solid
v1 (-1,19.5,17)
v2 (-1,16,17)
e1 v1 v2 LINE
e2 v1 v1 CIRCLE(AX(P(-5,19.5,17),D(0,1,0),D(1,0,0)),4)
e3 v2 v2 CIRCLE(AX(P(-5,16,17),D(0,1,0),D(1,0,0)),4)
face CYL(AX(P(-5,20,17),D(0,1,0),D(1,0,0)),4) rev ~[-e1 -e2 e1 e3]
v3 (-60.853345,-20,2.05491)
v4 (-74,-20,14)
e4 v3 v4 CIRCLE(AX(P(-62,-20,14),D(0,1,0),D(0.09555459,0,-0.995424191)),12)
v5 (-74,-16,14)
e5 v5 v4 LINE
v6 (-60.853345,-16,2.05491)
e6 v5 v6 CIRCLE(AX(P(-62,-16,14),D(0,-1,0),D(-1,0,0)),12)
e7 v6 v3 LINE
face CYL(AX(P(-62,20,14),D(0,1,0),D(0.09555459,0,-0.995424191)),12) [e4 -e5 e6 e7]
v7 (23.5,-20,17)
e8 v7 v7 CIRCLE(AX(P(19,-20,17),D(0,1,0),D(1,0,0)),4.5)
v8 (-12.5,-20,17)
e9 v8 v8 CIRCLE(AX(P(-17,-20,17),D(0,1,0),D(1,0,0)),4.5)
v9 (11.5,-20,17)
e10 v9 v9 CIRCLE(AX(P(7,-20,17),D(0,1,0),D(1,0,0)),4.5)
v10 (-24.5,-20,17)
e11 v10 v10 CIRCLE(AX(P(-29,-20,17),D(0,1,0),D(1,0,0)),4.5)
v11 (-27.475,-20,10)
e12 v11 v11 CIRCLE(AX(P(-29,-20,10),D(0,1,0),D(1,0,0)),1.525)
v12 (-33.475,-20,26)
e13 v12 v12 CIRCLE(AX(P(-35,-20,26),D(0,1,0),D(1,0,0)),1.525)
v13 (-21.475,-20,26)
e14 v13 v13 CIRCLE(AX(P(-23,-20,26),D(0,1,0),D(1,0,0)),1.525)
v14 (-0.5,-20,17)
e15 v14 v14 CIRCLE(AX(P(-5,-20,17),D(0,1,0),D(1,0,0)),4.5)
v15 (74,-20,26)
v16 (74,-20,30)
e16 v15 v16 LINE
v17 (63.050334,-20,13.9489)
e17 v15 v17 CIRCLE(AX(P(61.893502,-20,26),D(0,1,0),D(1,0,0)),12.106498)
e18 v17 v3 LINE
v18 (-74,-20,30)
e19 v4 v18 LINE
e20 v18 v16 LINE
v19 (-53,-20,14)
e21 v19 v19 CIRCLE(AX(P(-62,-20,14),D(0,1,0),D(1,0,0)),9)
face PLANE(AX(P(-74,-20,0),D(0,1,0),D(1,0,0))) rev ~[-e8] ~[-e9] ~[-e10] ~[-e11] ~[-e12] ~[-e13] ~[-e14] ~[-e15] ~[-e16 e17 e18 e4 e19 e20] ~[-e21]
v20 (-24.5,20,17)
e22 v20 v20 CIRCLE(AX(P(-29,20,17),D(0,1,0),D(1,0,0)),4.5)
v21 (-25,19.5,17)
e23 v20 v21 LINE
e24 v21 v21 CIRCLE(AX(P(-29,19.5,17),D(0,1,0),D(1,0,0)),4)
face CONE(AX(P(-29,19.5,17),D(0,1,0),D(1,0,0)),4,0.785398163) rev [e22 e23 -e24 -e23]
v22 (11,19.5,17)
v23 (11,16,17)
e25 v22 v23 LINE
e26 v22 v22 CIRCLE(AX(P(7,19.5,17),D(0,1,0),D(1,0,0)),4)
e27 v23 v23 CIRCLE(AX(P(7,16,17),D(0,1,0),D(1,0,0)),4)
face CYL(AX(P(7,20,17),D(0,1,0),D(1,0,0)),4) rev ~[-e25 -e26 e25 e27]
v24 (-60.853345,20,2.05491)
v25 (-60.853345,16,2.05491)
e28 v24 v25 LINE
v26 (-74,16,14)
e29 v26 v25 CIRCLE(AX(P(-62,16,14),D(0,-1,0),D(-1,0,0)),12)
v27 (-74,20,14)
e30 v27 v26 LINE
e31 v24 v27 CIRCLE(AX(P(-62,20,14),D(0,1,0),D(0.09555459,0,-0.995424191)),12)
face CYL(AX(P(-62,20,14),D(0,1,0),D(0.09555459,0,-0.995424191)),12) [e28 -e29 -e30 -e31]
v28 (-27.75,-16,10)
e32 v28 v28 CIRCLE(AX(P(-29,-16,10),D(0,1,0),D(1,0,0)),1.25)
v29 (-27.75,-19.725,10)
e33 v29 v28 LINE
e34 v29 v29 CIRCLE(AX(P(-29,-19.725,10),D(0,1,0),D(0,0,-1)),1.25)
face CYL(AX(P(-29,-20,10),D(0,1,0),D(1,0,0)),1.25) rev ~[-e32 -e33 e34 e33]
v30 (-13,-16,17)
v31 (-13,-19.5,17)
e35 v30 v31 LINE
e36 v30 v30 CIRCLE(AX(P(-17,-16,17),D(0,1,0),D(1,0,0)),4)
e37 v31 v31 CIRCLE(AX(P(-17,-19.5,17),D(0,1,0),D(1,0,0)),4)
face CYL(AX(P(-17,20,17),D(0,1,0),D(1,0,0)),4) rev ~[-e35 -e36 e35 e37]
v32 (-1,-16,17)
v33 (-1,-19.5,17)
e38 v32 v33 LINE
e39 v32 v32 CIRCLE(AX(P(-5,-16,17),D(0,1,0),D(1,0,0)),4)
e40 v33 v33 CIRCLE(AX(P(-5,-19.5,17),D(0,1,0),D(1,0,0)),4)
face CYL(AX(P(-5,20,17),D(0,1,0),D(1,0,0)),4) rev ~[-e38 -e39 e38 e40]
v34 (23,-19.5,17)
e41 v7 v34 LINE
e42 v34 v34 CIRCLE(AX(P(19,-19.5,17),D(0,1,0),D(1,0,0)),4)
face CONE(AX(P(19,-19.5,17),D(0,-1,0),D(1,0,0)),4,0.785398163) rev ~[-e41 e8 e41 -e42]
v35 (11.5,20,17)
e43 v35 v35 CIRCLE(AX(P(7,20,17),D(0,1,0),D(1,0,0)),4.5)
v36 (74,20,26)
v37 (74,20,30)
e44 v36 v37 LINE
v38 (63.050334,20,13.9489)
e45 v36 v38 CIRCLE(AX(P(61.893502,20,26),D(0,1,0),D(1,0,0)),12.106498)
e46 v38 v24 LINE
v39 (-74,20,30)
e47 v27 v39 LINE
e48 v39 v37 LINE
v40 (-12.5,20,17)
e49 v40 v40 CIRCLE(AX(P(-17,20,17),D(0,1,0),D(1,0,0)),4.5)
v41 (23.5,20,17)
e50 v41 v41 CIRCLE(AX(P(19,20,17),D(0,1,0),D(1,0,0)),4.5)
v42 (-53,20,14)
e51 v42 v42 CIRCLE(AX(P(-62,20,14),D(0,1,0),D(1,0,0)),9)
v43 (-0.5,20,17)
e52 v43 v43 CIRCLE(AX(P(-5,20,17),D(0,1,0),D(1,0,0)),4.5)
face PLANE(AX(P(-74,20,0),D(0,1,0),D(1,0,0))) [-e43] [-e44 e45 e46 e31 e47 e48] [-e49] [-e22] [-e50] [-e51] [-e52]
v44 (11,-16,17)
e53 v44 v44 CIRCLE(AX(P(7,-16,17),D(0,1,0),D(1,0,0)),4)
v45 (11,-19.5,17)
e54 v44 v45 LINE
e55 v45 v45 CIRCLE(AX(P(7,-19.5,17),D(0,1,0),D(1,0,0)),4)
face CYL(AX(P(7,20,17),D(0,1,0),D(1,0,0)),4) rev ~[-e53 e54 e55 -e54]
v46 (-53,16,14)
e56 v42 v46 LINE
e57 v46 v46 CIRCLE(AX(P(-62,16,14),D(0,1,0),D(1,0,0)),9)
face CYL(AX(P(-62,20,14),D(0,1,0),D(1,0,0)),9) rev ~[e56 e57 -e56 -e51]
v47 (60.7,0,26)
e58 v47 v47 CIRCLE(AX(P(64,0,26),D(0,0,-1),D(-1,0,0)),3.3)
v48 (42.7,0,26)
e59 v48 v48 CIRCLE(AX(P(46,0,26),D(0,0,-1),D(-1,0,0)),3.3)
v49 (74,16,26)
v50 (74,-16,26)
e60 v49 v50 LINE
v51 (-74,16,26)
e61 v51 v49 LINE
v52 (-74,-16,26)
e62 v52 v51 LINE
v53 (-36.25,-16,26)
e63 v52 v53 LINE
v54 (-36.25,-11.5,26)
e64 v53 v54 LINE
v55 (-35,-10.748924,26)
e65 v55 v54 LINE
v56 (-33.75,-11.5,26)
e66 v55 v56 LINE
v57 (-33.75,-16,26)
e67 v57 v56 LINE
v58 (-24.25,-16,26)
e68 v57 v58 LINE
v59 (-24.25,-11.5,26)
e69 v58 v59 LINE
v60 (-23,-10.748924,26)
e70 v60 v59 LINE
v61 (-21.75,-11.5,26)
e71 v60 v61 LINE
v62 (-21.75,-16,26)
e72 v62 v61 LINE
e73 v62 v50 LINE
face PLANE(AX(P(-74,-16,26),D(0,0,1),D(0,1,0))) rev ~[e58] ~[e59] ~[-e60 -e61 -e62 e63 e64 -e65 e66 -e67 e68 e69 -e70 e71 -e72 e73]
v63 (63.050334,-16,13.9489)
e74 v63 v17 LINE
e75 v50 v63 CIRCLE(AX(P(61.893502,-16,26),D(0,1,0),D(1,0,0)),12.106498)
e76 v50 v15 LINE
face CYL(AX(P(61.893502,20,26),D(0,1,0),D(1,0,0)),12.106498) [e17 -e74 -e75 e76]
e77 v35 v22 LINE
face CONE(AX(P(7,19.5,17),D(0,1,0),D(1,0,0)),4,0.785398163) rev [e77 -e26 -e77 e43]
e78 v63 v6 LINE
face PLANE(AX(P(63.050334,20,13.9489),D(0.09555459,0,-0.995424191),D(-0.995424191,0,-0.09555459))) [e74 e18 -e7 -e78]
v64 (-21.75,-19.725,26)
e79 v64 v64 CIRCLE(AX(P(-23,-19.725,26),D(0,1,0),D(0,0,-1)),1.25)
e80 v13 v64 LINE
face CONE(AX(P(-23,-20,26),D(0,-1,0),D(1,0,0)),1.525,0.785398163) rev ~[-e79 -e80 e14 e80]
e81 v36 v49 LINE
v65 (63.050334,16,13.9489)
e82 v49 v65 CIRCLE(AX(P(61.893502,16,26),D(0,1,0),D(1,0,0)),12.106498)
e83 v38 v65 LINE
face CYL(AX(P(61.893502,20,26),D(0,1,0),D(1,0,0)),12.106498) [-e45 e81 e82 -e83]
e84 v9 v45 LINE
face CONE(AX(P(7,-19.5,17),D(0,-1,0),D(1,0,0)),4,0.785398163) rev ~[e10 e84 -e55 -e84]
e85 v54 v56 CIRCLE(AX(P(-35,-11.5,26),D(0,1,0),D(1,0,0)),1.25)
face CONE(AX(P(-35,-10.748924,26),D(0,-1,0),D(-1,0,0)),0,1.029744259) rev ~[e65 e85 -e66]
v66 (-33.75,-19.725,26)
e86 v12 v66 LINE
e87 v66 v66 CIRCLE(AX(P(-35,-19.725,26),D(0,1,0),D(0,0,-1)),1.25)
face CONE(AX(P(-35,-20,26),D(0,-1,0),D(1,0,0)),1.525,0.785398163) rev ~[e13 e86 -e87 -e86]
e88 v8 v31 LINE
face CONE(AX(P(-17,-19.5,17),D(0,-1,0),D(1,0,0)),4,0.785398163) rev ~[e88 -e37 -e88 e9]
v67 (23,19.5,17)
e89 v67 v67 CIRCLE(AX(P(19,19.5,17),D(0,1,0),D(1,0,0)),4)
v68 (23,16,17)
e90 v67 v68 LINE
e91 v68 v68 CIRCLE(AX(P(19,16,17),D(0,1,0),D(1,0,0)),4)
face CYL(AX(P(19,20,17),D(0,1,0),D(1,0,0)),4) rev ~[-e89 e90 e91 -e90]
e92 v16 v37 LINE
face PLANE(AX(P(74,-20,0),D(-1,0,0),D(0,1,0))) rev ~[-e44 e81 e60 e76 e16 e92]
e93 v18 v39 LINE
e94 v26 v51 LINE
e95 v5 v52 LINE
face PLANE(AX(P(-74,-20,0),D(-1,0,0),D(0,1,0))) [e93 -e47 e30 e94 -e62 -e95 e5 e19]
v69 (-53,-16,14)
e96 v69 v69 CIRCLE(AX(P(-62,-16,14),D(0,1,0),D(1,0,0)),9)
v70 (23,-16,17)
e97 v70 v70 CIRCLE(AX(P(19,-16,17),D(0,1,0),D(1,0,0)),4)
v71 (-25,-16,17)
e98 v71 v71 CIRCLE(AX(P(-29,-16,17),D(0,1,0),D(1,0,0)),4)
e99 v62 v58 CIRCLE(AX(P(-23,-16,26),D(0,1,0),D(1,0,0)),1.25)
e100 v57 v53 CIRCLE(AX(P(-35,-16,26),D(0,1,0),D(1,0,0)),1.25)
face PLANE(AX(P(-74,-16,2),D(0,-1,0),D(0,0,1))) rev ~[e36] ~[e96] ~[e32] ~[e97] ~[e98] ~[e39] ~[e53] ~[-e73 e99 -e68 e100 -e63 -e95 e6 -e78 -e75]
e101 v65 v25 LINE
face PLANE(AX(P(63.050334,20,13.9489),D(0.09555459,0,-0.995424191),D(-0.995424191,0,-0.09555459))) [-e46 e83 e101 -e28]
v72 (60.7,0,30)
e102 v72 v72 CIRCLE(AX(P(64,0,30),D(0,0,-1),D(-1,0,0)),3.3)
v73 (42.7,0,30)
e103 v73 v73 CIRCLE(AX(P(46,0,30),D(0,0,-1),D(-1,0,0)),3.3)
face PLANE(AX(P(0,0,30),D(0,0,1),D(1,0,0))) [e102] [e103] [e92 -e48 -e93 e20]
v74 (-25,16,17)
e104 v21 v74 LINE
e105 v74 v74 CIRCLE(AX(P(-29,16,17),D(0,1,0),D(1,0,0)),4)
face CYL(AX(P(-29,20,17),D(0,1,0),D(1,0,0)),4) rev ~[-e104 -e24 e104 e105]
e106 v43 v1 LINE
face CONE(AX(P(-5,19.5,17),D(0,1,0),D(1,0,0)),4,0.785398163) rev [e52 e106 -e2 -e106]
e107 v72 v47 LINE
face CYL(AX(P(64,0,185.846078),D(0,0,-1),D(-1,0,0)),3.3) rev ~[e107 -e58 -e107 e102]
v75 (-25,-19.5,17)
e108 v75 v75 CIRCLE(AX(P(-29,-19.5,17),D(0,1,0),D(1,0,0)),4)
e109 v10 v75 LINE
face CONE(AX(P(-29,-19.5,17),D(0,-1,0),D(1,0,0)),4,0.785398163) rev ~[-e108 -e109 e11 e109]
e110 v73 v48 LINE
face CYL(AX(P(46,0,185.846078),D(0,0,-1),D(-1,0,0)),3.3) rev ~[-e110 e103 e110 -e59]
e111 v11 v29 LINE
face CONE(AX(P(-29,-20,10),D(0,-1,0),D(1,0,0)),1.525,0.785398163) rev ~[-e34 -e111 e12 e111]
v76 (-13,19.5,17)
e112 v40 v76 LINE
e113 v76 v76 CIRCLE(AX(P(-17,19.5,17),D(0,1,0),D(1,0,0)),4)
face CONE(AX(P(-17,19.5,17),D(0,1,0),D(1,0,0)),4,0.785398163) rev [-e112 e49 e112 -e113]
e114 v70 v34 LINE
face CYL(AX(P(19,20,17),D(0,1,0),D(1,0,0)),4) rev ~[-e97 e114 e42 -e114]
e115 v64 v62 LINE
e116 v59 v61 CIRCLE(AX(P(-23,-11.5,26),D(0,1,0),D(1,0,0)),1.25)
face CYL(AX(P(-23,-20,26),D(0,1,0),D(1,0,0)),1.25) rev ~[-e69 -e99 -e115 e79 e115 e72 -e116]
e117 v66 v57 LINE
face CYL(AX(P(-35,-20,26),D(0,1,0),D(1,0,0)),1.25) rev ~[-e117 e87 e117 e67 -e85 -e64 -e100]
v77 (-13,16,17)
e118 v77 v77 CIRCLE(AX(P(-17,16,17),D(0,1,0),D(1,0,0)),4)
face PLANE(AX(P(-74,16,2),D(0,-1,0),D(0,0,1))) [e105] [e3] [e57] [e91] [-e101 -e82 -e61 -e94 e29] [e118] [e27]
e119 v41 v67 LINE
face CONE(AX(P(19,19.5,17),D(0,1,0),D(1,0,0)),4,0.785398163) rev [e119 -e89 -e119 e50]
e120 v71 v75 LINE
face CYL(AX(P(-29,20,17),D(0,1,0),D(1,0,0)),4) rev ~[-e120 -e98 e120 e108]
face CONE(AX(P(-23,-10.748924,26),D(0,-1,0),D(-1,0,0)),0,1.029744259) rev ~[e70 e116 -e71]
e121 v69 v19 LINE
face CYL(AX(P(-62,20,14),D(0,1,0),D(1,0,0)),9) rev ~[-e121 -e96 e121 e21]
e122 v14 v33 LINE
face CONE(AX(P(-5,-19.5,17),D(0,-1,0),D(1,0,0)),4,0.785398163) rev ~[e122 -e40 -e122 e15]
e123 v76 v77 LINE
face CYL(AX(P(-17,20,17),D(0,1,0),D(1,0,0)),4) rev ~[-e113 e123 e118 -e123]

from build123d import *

# Parameters (mm, degrees)
ESQUISSE1_W                 = 148
ESQUISSE1_H                 = 40
BOSS_EXTRU_1_DEPTH          = 30
ESQUISSE2_OUTSIDE_W         = 181.244
ESQUISSE2_OUTSIDE_H         = 63.244
ENL_V_MAT_EXTRU_1_DEPTH     = 41
ESQUISSE3_W                 = 24
ESQUISSE3_H                 = 32
ENL_V_MAT_EXTRU_3_DEPTH     = 149
ESQUISSE4_R                 = 9
ESQUISSE4_R_2               = 4
ENL_V_MAT_EXTRU_4_DEPTH     = 41
CHANFREIN1_SIZE             = 0.5
TROU_TARAUD_M31_D           = 2.5
TROU_TARAUD_M31_DEPTH       = 8.5
TROU_TARAUD_M31_CSINK_D     = 3.05
TROU_TARAUD_M31_CSINK_ANGLE = 90
TROU_TARAUD_M31_TIP         = 0.751075774
D_GAGEMENT_M61_D            = 6.6


with BuildPart() as part:
    # Esquisse1 → Boss.-Extru.1 (new body)
    with BuildSketch(Plane.XY):
        Rectangle(ESQUISSE1_W, ESQUISSE1_H)
    extrude(amount=BOSS_EXTRU_1_DEPTH)

    # Esquisse2 outside → Enlèv. mat.-Extru.1 (cut, through all)
    with BuildSketch(Plane(origin=(0, 20, 0), x_dir=(1, 0, 0), z_dir=(0, 1, 0))):
        with Locations((0, -15)):
            Rectangle(ESQUISSE2_OUTSIDE_W, ESQUISSE2_OUTSIDE_H)
        with BuildLine():
            Line((-74, -14), (-74, -30))
            Line((-74, -30), (74, -30))
            Line((74, -30), (74, -26))
            ThreePointArc((74, -26), (70.853760815, -17.858682375), (63.050333897, -13.948899514))
            Line((63.050333897, -13.948899514), (-60.853344924, -2.054909706))
            ThreePointArc((-60.853344924, -2.054909706), (-70.06970071, -5.118562591), (-74, -14))
        make_face(mode=Mode.SUBTRACT)
    extrude(amount=-ENL_V_MAT_EXTRU_1_DEPTH, mode=Mode.SUBTRACT)

    # Esquisse3 → Enlèv. mat.-Extru.3 (cut, through all)
    with BuildSketch(Plane.ZY.offset(74)):
        with Locations((14, 0)):
            Rectangle(ESQUISSE3_W, ESQUISSE3_H)
    extrude(amount=-ENL_V_MAT_EXTRU_3_DEPTH, mode=Mode.SUBTRACT)

    # Esquisse4 → Enlèv. mat.-Extru.4 (cut, through all)
    with BuildSketch(Plane(origin=(0, 20, 0), x_dir=(1, 0, 0), z_dir=(0, 1, 0))):
        with Locations((-62, -14)):
            Circle(ESQUISSE4_R)
        with Locations((-29, -17)):
            Circle(ESQUISSE4_R_2)
        with Locations((-17, -17)):
            Circle(ESQUISSE4_R_2)
        with Locations((-5, -17)):
            Circle(ESQUISSE4_R_2)
        with Locations((7, -17)):
            Circle(ESQUISSE4_R_2)
        with Locations((19, -17)):
            Circle(ESQUISSE4_R_2)
    extrude(amount=-ENL_V_MAT_EXTRU_4_DEPTH, mode=Mode.SUBTRACT)

    # Chanfrein1
    chanfrein1_edges = [part.edges().sort_by_distance(p)[0] for p in [
        (3, 20, 17),
        (15, -20, 17),
        (15, 20, 17),
        (-33, -20, 17),
        (-33, 20, 17),
        (-21, -20, 17),
        (-21, 20, 17),
        (-9, -20, 17),
        (-9, 20, 17),
        (3, -20, 17),
    ]]
    chamfer(chanfrein1_edges, length=CHANFREIN1_SIZE)

    # Trou taraudé M31
    with Locations(Plane(origin=(0, -20, 0), x_dir=(-1, 0, 0), z_dir=(0, -1, 0))):
        with Locations((29, -10), (23, -26), (35, -26)):
            CounterSinkHole(TROU_TARAUD_M31_D / 2, TROU_TARAUD_M31_CSINK_D / 2, depth=TROU_TARAUD_M31_DEPTH, counter_sink_angle=TROU_TARAUD_M31_CSINK_ANGLE)
            with Locations((0, 0, -(TROU_TARAUD_M31_DEPTH + TROU_TARAUD_M31_TIP / 2))):  # 118° drill point
                Cone(0, TROU_TARAUD_M31_D / 2, TROU_TARAUD_M31_TIP, mode=Mode.SUBTRACT)

    # Dégagement M61 (through all)
    with Locations(Plane.XY.offset(30)):
        with Locations((46, 0), (64, 0)):
            Hole(D_GAGEMENT_M61_D / 2)


solid = part.part
